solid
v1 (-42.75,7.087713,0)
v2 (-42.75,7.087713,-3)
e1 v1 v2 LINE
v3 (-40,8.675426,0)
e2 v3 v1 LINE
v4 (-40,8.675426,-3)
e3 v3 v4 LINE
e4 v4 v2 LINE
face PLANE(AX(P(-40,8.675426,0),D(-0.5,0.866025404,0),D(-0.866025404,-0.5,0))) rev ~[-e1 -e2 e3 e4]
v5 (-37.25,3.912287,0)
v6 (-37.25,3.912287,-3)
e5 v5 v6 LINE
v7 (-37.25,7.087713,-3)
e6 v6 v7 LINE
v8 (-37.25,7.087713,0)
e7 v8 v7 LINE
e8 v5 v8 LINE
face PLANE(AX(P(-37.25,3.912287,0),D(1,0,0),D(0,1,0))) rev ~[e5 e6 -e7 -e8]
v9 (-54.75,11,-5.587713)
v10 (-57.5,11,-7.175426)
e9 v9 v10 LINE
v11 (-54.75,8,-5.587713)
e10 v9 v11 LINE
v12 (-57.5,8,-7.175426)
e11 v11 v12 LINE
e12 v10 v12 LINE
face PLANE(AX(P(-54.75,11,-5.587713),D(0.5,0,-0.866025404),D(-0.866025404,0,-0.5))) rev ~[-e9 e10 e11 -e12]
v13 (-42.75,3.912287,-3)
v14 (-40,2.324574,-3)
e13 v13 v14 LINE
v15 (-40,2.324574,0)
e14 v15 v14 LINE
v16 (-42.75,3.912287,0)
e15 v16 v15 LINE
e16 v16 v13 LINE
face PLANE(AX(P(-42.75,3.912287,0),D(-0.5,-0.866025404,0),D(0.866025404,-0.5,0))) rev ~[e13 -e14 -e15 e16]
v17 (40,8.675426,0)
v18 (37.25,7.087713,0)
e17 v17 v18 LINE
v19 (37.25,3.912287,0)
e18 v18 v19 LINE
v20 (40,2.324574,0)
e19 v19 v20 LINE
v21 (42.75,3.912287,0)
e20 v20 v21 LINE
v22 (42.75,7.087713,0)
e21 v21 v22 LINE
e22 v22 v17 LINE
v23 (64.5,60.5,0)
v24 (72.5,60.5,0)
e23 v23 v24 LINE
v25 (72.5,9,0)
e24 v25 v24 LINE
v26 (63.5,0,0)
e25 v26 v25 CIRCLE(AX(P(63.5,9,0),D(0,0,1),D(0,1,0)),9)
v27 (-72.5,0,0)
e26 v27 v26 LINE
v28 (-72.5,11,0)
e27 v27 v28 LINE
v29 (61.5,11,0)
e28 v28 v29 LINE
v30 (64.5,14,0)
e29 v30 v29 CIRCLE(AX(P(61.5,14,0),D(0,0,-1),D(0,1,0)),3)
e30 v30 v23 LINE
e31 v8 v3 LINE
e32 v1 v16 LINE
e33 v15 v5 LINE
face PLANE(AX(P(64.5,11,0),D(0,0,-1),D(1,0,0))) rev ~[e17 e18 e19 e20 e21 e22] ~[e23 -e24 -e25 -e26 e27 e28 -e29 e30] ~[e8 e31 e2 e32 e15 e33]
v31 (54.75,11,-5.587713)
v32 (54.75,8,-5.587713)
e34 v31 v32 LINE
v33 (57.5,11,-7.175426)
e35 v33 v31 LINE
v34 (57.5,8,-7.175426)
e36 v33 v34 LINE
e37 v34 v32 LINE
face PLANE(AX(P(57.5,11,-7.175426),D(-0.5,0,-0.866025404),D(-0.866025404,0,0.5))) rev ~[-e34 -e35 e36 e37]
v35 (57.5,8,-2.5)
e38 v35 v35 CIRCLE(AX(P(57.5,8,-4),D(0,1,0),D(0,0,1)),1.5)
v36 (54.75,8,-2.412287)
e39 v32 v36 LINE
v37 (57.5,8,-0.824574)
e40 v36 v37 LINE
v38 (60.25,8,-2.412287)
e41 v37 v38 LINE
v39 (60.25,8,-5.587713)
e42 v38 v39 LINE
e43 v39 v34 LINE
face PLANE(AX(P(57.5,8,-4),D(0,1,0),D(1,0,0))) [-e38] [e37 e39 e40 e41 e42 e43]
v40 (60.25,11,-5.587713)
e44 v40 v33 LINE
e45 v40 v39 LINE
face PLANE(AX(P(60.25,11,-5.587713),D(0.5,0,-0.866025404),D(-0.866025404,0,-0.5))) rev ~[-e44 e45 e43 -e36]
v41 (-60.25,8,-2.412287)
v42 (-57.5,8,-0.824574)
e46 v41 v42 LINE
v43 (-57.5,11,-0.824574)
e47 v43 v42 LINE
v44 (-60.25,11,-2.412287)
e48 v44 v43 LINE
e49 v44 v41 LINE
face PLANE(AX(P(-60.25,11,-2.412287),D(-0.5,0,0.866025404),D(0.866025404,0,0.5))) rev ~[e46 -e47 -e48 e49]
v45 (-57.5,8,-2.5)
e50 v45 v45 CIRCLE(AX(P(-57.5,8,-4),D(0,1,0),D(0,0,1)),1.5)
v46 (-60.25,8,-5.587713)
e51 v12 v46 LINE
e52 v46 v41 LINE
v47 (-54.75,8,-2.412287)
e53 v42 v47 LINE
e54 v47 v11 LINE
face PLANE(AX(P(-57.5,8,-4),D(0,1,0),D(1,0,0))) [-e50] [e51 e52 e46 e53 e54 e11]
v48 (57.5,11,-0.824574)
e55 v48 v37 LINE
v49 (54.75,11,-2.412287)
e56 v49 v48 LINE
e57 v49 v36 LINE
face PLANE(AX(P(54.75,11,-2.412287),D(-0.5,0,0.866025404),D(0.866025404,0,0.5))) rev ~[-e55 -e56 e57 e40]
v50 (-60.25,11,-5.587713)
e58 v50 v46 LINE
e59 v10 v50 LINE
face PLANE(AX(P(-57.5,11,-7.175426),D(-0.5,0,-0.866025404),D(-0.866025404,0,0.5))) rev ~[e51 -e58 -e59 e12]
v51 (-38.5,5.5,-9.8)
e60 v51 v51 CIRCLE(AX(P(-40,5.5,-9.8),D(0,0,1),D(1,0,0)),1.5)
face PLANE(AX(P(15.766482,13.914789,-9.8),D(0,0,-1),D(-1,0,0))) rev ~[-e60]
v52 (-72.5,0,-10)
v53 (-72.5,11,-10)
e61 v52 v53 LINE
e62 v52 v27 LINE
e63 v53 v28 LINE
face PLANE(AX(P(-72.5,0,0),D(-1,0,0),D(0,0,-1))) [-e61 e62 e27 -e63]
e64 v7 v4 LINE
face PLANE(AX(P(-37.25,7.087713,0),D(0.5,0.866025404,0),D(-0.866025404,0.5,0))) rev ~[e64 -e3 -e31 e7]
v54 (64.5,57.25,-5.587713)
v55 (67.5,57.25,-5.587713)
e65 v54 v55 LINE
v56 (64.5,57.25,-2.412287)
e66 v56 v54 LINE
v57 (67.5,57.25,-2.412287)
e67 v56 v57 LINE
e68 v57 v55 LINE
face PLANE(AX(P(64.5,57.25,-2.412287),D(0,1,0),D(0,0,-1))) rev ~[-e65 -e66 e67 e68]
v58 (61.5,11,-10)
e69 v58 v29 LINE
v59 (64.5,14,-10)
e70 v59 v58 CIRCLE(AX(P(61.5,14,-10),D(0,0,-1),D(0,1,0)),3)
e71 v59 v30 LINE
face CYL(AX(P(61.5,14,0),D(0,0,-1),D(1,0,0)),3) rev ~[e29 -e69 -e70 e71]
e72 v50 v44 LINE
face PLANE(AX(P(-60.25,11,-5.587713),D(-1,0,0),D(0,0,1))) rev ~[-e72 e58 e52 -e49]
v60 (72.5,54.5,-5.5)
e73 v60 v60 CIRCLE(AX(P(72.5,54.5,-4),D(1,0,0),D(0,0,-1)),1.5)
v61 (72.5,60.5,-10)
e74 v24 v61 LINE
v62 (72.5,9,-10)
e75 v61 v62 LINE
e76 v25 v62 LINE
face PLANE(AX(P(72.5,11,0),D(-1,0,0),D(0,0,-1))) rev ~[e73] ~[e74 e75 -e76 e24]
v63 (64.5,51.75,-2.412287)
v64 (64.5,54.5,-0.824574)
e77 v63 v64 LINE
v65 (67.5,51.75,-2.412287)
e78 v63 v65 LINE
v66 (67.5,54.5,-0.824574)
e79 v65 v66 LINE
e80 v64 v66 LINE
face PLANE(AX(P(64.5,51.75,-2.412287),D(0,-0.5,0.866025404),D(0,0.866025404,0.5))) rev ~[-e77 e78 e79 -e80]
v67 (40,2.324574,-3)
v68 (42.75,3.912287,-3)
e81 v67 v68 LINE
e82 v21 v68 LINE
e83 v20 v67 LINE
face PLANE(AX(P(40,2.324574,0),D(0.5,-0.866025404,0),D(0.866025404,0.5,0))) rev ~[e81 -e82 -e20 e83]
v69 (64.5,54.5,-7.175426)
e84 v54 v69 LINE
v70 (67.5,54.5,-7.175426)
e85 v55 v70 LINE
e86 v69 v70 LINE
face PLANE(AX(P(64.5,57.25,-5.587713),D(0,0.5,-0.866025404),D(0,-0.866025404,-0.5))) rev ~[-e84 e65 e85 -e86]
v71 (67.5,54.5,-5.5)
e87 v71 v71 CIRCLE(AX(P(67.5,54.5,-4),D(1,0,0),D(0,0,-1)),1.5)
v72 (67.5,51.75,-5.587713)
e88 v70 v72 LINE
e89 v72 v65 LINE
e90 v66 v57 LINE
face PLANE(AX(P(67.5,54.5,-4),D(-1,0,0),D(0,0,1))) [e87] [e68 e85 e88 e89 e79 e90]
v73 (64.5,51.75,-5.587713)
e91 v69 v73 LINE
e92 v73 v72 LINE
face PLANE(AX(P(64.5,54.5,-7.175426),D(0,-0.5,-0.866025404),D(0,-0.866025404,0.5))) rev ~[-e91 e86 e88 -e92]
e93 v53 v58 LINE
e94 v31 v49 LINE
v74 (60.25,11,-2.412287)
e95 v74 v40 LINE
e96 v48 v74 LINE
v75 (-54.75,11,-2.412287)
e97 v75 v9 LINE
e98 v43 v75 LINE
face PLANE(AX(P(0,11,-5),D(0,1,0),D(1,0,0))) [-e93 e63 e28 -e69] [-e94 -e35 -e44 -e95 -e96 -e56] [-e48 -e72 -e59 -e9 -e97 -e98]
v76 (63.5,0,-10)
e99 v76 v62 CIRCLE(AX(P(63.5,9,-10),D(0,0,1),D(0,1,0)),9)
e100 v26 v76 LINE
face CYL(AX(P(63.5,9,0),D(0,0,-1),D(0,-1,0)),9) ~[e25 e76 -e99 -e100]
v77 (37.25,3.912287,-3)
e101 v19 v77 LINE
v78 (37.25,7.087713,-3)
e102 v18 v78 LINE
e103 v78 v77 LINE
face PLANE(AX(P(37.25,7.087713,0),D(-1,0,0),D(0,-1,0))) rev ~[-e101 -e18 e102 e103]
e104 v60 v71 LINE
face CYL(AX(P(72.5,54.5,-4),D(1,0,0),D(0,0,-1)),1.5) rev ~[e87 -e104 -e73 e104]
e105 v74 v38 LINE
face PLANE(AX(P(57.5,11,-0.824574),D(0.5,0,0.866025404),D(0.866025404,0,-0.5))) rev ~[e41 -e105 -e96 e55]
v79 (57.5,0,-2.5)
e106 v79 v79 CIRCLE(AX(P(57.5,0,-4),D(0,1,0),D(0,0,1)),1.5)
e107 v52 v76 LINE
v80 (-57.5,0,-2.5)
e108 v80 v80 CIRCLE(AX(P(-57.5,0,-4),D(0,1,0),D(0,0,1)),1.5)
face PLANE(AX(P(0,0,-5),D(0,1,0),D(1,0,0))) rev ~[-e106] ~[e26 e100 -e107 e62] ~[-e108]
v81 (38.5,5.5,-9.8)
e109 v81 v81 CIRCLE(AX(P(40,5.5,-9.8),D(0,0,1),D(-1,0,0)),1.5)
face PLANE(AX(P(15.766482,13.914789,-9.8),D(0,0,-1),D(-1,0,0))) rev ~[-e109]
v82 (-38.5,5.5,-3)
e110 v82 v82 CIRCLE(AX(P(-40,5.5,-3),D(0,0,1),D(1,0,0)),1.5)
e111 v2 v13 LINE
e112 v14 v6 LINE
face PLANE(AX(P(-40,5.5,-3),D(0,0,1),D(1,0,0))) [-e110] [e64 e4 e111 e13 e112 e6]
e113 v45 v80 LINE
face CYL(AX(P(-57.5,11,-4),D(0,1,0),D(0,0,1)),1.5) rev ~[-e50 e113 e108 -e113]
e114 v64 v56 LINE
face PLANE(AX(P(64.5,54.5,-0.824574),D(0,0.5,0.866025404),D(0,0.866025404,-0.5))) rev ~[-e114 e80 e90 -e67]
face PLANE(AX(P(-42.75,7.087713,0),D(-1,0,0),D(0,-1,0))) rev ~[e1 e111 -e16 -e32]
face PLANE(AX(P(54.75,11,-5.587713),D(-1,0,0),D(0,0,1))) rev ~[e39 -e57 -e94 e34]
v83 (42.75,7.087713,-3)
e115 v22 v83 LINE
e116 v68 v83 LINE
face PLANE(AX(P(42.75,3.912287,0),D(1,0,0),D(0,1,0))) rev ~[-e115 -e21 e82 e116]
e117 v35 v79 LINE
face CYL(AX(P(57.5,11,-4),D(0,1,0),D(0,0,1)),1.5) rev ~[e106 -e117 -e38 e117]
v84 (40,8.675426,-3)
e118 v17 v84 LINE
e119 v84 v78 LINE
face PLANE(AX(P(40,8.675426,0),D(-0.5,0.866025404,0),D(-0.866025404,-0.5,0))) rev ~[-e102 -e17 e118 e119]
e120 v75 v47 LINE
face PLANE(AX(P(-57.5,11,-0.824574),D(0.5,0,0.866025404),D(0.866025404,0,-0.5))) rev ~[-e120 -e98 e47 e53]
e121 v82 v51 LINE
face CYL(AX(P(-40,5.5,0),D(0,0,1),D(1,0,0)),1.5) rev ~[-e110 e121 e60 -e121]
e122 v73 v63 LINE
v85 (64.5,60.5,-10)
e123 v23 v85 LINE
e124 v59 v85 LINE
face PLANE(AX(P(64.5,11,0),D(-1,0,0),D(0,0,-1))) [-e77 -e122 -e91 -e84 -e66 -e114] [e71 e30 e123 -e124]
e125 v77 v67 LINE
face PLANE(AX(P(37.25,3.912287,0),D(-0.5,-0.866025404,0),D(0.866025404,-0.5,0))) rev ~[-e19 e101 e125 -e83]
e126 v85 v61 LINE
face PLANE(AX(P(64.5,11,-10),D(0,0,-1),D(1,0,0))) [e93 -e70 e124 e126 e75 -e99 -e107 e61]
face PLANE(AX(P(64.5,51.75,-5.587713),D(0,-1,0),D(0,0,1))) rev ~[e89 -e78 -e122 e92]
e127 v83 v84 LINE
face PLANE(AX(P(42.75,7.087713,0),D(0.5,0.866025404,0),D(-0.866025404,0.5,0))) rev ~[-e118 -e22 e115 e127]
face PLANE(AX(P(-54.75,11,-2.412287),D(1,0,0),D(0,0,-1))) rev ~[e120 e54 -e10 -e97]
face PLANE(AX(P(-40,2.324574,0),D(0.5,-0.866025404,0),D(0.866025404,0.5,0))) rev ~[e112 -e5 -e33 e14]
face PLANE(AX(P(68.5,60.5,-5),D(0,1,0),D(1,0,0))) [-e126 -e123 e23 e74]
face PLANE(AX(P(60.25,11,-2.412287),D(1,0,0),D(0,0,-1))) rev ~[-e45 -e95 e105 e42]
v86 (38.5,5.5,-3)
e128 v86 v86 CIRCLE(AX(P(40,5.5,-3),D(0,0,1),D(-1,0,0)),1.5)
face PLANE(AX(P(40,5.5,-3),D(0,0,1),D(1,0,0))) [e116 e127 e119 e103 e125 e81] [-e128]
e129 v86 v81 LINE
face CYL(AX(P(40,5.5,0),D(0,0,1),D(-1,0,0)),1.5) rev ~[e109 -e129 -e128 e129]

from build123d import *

# Parameters (mm, degrees)
ESQUISSE1_W             = 145
ESQUISSE1_H             = 10
BOSS_EXTRU_1_DEPTH      = 11
ESQUISSE2_R             = 1.5
ENL_V_MAT_EXTRU_1_DEPTH = 75.008445464
ESQUISSE3_R             = 1.5
ENL_V_MAT_EXTRU_2_DEPTH = 75.008445464
ENL_V_MAT_EXTRU_3_DEPTH = 3
ENL_V_MAT_EXTRU_4_DEPTH = 3
CONG_1_R                = 9
ESQUISSE6_W             = 8
ESQUISSE6_H             = 10
BOSS_EXTRU_2_DEPTH      = 49.5
CONG_2_R                = 3
ESQUISSE7_R             = 1.5
ENL_V_MAT_EXTRU_5_DEPTH = 158.433319218
ENL_V_MAT_EXTRU_6_DEPTH = 3
BOSS_EXTRU_3_START      = -0.2
BOSS_EXTRU_3_DEPTH      = 0.2


with BuildPart() as part:
    # Esquisse1 → Boss.-Extru.1 (new body)
    with BuildSketch(Plane(origin=(0, 0, 0), x_dir=(1, 0, 0), z_dir=(0, 1, 0))):
        with Locations((0, 5)):
            Rectangle(ESQUISSE1_W, ESQUISSE1_H)
    extrude(amount=BOSS_EXTRU_1_DEPTH)

    # Esquisse2 → Enlèv. mat.-Extru.1 (cut, through all)
    with BuildSketch(Plane(origin=(0, 11, 0), x_dir=(1, 0, 0), z_dir=(0, 1, 0))):
        with Locations(Location((-57.5, 4, 0), (0, 0, 270))):
            Circle(ESQUISSE2_R)
        with Locations(Location((57.5, 4, 0), (0, 0, 270))):
            Circle(ESQUISSE2_R)
    extrude(amount=-ENL_V_MAT_EXTRU_1_DEPTH, mode=Mode.SUBTRACT)

    # Esquisse3 → Enlèv. mat.-Extru.2 (cut, through all)
    with BuildSketch(Plane.XY):
        with Locations((-40, 5.5)):
            Circle(ESQUISSE3_R)
        with Locations(Location((40, 5.5, 0), (0, 0, 180))):
            Circle(ESQUISSE3_R)
    extrude(amount=-ENL_V_MAT_EXTRU_2_DEPTH, mode=Mode.SUBTRACT)

    # Esquisse4 → Enlèv. mat.-Extru.3 (cut)
    with BuildSketch(Plane.XY):
        Polygon((-37.25, 7.08771324), (-40, 8.675426481), (-42.75, 7.08771324), (-42.75, 3.91228676), (-40, 2.324573519), (-37.25, 3.91228676), align=None)
        Polygon((42.75, 7.08771324), (40, 8.675426481), (37.25, 7.08771324), (37.25, 3.91228676), (40, 2.324573519), (42.75, 3.91228676), align=None)
    extrude(amount=-ENL_V_MAT_EXTRU_3_DEPTH, mode=Mode.SUBTRACT)

    # Esquisse5 → Enlèv. mat.-Extru.4 (cut)
    with BuildSketch(Plane(origin=(0, 11, 0), x_dir=(1, 0, 0), z_dir=(0, 1, 0))):
        Polygon((-54.75, 5.58771324), (-57.5, 7.175426481), (-60.25, 5.58771324), (-60.25, 2.41228676), (-57.5, 0.824573519), (-54.75, 2.41228676), align=None)
        Polygon((60.25, 5.58771324), (57.5, 7.175426481), (54.75, 5.58771324), (54.75, 2.41228676), (57.5, 0.824573519), (60.25, 2.41228676), align=None)
    extrude(amount=-ENL_V_MAT_EXTRU_4_DEPTH, mode=Mode.SUBTRACT)

    # Congé1
    cong_1_edges = [part.edges().sort_by_distance(p)[0] for p in [
        (72.5, 0, -5),
    ]]
    fillet(cong_1_edges, radius=CONG_1_R)

    # Esquisse6 → Boss.-Extru.2 (add)
    with BuildSketch(Plane(origin=(0, 11, 0), x_dir=(1, 0, 0), z_dir=(0, 1, 0))):
        with Locations((68.5, 5)):
            Rectangle(ESQUISSE6_W, ESQUISSE6_H)
    extrude(amount=BOSS_EXTRU_2_DEPTH)

    # Congé2
    cong_2_edges = [part.edges().sort_by_distance(p)[0] for p in [
        (64.5, 11, -5),
    ]]
    fillet(cong_2_edges, radius=CONG_2_R)

    # Esquisse7 → Enlèv. mat.-Extru.5 (cut, through all)
    with BuildSketch(Plane(origin=(72.5, 0, 0), x_dir=(0, 0, -1), z_dir=(1, 0, 0))):
        with Locations((4, 54.5)):
            Circle(ESQUISSE7_R)
    extrude(amount=-ENL_V_MAT_EXTRU_5_DEPTH, mode=Mode.SUBTRACT)

    # Esquisse8 → Enlèv. mat.-Extru.6 (cut)
    with BuildSketch(Plane.ZY.offset(-64.5)):
        Polygon((-0.824573519, 54.5), (-2.41228676, 57.25), (-5.58771324, 57.25), (-7.175426481, 54.5), (-5.58771324, 51.75), (-2.41228676, 51.75), align=None)
    extrude(amount=-ENL_V_MAT_EXTRU_6_DEPTH, mode=Mode.SUBTRACT)

    # Esquisse9 → Boss.-Extru.3 (add)
    with BuildSketch(Plane(origin=(0, 0, -10), x_dir=(-1, 0, 0), z_dir=(0, 0, -1)).offset(BOSS_EXTRU_3_START)):
        with BuildLine():
            Line((-72.5, 60.5), (-72.5, 9))
            ThreePointArc((-72.5, 9), (-69.863961031, 2.636038969), (-63.5, 0))
            Line((-63.5, 0), (72.5, 0))
            Line((72.5, 0), (72.5, 11))
            Line((72.5, 11), (-61.5, 11))
            ThreePointArc((-61.5, 11), (-63.621320344, 11.878679656), (-64.5, 14))
            Line((-64.5, 14), (-64.5, 60.5))
            Line((-64.5, 60.5), (-72.5, 60.5))
        make_face()
    extrude(amount=BOSS_EXTRU_3_DEPTH)


solid = part.part
